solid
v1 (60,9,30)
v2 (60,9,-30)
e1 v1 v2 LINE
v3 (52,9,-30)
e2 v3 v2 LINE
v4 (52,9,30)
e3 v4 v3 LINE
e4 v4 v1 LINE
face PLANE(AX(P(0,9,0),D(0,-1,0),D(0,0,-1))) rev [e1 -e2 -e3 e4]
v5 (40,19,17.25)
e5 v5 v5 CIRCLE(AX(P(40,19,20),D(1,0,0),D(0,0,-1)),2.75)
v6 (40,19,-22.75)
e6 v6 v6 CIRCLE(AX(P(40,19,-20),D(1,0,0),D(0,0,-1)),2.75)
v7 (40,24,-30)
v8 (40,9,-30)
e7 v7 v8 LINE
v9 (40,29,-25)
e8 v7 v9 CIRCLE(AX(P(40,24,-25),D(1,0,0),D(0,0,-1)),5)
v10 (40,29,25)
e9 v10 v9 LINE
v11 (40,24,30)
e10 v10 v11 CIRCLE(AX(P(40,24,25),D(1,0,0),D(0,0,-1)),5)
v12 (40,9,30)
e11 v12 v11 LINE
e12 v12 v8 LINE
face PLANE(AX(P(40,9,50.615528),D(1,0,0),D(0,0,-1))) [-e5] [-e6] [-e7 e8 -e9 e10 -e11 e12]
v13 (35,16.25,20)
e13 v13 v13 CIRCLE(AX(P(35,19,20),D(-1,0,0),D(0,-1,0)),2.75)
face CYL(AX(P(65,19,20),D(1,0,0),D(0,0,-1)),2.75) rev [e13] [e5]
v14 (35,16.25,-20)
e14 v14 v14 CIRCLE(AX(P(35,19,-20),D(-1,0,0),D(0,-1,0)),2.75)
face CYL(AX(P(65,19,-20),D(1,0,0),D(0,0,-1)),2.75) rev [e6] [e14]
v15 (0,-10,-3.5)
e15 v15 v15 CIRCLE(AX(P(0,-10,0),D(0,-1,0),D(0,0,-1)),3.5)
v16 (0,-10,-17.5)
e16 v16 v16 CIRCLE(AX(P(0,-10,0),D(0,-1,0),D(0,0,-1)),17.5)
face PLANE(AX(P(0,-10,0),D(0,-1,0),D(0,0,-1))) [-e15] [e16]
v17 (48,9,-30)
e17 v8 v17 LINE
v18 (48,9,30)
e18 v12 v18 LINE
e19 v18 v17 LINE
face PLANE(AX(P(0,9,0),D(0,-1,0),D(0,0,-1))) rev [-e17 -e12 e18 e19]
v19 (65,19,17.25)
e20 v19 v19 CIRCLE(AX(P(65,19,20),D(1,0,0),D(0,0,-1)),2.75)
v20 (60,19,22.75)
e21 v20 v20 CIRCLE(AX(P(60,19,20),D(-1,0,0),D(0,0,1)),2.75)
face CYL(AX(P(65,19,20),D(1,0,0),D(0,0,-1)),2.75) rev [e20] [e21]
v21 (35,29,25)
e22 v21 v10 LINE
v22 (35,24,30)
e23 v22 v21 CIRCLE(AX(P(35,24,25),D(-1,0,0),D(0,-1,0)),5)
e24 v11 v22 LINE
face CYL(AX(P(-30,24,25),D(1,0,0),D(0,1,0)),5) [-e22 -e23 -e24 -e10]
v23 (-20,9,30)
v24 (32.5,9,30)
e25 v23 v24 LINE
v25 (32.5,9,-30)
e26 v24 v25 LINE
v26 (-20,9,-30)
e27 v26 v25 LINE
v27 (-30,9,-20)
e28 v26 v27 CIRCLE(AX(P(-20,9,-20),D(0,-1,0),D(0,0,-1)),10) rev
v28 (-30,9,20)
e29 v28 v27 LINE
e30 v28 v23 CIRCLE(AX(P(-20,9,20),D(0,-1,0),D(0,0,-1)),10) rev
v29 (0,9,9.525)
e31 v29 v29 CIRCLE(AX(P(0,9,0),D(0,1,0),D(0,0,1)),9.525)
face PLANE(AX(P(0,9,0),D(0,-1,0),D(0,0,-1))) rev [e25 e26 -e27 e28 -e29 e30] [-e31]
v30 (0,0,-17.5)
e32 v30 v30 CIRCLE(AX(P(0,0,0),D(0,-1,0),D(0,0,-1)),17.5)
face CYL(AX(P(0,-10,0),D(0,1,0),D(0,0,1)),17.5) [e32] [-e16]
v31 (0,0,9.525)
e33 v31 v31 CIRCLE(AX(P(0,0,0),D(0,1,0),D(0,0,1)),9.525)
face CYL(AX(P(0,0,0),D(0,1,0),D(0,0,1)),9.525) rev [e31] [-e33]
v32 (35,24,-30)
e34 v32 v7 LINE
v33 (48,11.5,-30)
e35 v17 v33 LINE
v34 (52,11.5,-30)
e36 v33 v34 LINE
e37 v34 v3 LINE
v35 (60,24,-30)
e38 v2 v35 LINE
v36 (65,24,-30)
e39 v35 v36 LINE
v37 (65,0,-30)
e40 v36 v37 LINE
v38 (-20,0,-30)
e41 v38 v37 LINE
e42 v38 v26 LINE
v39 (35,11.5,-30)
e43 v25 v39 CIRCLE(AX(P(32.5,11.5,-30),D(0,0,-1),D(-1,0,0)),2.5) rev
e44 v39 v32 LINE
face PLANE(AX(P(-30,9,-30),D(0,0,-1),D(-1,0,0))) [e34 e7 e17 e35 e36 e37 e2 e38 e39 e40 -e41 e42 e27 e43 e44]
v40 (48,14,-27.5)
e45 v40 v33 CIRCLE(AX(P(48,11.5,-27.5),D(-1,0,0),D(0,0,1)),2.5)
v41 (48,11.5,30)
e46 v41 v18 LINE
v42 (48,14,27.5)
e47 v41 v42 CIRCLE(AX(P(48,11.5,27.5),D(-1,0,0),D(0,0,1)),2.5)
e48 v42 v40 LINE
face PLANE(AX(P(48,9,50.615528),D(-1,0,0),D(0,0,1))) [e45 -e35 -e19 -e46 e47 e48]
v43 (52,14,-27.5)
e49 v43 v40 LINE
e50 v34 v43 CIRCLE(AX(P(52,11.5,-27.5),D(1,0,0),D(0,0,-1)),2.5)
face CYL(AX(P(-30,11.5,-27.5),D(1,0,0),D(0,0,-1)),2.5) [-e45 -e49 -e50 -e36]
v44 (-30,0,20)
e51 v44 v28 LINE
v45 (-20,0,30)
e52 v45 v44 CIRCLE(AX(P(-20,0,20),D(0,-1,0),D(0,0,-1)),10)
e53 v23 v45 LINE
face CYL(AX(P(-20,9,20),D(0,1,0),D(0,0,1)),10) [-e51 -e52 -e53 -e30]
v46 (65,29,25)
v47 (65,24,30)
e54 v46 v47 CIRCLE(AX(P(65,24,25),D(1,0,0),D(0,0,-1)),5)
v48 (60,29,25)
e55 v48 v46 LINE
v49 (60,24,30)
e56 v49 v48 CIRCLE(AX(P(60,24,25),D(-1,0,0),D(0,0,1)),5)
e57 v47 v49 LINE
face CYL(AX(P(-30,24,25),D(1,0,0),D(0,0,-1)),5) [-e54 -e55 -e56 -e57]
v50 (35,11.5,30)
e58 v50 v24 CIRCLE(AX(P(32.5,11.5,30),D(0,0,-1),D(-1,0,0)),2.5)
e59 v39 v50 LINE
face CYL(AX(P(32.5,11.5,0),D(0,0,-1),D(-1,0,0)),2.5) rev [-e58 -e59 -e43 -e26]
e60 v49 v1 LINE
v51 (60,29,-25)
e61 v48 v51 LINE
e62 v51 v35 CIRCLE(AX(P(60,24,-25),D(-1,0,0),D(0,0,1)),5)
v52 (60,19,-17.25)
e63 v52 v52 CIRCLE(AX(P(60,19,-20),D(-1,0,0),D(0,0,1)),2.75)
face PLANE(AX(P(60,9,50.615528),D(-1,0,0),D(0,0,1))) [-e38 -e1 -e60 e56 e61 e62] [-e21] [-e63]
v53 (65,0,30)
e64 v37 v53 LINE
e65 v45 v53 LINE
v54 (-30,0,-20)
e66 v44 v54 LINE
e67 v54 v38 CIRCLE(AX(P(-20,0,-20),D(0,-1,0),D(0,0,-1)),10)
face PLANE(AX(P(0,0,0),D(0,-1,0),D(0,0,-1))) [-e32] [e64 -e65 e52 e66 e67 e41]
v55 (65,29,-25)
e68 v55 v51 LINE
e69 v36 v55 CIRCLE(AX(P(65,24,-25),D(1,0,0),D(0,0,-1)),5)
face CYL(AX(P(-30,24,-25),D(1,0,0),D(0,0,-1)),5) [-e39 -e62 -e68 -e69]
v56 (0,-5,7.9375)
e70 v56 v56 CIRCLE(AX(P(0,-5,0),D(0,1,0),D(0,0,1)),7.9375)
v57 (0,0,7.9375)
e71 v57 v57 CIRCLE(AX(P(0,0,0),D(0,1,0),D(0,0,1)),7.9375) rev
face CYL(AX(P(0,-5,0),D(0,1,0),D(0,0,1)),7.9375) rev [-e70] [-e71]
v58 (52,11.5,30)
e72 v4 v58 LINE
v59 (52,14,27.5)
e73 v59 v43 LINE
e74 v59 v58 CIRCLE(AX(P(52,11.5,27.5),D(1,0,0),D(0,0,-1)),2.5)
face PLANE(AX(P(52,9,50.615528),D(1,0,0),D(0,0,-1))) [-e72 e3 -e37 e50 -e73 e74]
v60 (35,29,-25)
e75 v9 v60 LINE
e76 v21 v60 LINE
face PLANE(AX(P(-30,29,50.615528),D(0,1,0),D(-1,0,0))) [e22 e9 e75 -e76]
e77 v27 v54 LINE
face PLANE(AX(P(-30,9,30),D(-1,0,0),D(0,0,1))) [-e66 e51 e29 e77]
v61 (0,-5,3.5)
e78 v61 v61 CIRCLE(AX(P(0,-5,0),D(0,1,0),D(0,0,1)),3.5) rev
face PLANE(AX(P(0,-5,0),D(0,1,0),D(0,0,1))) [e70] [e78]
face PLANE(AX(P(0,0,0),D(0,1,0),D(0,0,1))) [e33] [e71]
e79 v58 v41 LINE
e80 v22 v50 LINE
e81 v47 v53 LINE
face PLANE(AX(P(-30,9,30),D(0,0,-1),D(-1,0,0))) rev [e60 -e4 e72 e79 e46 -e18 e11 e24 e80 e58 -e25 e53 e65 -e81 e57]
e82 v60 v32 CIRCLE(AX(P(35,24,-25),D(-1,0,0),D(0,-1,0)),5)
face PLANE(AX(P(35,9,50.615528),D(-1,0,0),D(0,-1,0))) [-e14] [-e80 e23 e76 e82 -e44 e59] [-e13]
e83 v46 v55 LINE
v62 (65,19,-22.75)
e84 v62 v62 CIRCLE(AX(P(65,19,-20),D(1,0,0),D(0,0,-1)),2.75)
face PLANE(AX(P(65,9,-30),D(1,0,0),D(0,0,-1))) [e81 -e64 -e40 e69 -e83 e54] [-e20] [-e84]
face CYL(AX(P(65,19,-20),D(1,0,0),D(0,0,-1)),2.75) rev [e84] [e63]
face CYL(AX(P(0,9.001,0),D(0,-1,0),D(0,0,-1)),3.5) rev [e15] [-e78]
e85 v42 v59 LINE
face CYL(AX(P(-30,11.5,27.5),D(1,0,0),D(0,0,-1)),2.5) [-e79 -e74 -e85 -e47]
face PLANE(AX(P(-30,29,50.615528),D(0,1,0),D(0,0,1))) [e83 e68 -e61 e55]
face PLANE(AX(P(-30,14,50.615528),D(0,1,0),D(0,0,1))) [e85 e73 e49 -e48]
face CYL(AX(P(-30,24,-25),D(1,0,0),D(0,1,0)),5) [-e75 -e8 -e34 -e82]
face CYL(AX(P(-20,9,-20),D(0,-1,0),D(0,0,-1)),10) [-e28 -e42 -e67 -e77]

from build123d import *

# Parameters (mm, degrees)
SKETCH1_W            = 95
SKETCH1_H            = 60
BOSS_EXTRUDE1_DEPTH  = 9
SKETCH5_R            = 17.5
BOSS_EXTRUDE2_DEPTH  = 10
SKETCH6_R            = 7.9375
CUT_EXTRUDE1_DEPTH   = 14
SKETCH8_R            = 9.525
CUT_EXTRUDE2_DEPTH   = 9
CUT_EXTRUDE3_REACH   = 76.068
SKETCH9_R            = 3.5
BOSS_EXTRUDE3_START  = -30
SKETCH10_W           = 5
SKETCH10_H           = 20
SKETCH10_W_2         = 4
SKETCH10_H_2         = 5
BOSS_EXTRUDE3_DEPTH  = 60
M5_CLEARANCE_HOLE1_D = 5.5
FILLET1_R            = 5
FILLET2_R            = 2.5
FILLET3_R            = 10
FILLET4_R            = 2.5


with BuildPart() as part:
    # Sketch1 → Boss-Extrude1 (new body)
    with BuildSketch(Plane(origin=(0, 0, 0), x_dir=(1, 0, 0), z_dir=(0, 1, 0))):
        with Locations((17.5, 0)):
            Rectangle(SKETCH1_W, SKETCH1_H)
    extrude(amount=BOSS_EXTRUDE1_DEPTH)

    # Sketch5 → Boss-Extrude2 (add)
    with BuildSketch(Plane.XZ):
        with Locations(Location((0, 0, 0), (0, 0, 270))):
            Circle(SKETCH5_R)
    extrude(amount=BOSS_EXTRUDE2_DEPTH)

    # Sketch6 → Cut-Extrude1 (cut)
    with BuildSketch(Plane(origin=(0, 9, 0), x_dir=(1, 0, 0), z_dir=(0, 1, 0))):
        with Locations(Location((0, 0, 0), (0, 0, 270))):
            Circle(SKETCH6_R)
    extrude(amount=-CUT_EXTRUDE1_DEPTH, mode=Mode.SUBTRACT)

    # Sketch8 → Cut-Extrude2 (cut)
    with BuildSketch(Plane(origin=(0, 9, 0), x_dir=(1, 0, 0), z_dir=(0, 1, 0))):
        with Locations(Location((0, 0, 0), (0, 0, 270))):
            Circle(SKETCH8_R)
    extrude(amount=-CUT_EXTRUDE2_DEPTH, mode=Mode.SUBTRACT)

    # Sketch9 → Cut-Extrude3 (cut, up to next)
    with BuildSketch(Plane.XZ.offset(10), mode=Mode.PRIVATE) as cut_extrude3_sk1:
        with Locations(Location((0, 0, 0), (0, 0, 270))):
            Circle(SKETCH9_R)
    cut_extrude3_tool1 = extrude(cut_extrude3_sk1.sketch, amount=-CUT_EXTRUDE3_REACH, mode=Mode.PRIVATE) & part.part
    add(cut_extrude3_tool1.solids().sort_by_distance((0, -10, 0))[0], mode=Mode.SUBTRACT)

    # Sketch10 → Boss-Extrude3 (add)
    with BuildSketch(Plane.XY.offset(BOSS_EXTRUDE3_START)):
        with Locations((62.5, 19)):
            Rectangle(SKETCH10_W, SKETCH10_H)
        with Locations((37.5, 19)):
            Rectangle(SKETCH10_W, SKETCH10_H)
        with Locations((50, 11.5)):
            Rectangle(SKETCH10_W_2, SKETCH10_H_2)
    extrude(amount=BOSS_EXTRUDE3_DEPTH)

    # M5 Clearance Hole1 (through all)
    with Locations(Plane(origin=(65, 0, 0), x_dir=(0, 0, -1), z_dir=(1, 0, 0))):
        with Locations((-20, 19)):
            m5_clearance_hole1 = Hole(M5_CLEARANCE_HOLE1_D / 2)

    # Mirror1: M5 Clearance Hole1 across plane
    add(m5_clearance_hole1.mirror(Plane.XY), mode=Mode.SUBTRACT)

    # Fillet1
    fillet1_edges = [part.edges().sort_by_distance(p)[0] for p in [
        (62.5, 29, -30),
        (62.5, 29, 30),
        (37.5, 29, -30),
        (37.5, 29, 30),
    ]]
    fillet(fillet1_edges, radius=FILLET1_R)

    # Fillet2
    fillet2_edges = [part.edges().sort_by_distance(p)[0] for p in [
        (50, 14, -30),
        (50, 14, 30),
    ]]
    fillet(fillet2_edges, radius=FILLET2_R)

    # Fillet3
    fillet3_edges = [part.edges().sort_by_distance(p)[0] for p in [
        (-30, 4.5, 30),
        (-30, 4.5, -30),
    ]]
    fillet(fillet3_edges, radius=FILLET3_R)

    # Fillet4
    fillet4_edges = [part.edges().sort_by_distance(p)[0] for p in [
        (35, 9, 0),
    ]]
    fillet(fillet4_edges, radius=FILLET4_R)


solid = part.part
